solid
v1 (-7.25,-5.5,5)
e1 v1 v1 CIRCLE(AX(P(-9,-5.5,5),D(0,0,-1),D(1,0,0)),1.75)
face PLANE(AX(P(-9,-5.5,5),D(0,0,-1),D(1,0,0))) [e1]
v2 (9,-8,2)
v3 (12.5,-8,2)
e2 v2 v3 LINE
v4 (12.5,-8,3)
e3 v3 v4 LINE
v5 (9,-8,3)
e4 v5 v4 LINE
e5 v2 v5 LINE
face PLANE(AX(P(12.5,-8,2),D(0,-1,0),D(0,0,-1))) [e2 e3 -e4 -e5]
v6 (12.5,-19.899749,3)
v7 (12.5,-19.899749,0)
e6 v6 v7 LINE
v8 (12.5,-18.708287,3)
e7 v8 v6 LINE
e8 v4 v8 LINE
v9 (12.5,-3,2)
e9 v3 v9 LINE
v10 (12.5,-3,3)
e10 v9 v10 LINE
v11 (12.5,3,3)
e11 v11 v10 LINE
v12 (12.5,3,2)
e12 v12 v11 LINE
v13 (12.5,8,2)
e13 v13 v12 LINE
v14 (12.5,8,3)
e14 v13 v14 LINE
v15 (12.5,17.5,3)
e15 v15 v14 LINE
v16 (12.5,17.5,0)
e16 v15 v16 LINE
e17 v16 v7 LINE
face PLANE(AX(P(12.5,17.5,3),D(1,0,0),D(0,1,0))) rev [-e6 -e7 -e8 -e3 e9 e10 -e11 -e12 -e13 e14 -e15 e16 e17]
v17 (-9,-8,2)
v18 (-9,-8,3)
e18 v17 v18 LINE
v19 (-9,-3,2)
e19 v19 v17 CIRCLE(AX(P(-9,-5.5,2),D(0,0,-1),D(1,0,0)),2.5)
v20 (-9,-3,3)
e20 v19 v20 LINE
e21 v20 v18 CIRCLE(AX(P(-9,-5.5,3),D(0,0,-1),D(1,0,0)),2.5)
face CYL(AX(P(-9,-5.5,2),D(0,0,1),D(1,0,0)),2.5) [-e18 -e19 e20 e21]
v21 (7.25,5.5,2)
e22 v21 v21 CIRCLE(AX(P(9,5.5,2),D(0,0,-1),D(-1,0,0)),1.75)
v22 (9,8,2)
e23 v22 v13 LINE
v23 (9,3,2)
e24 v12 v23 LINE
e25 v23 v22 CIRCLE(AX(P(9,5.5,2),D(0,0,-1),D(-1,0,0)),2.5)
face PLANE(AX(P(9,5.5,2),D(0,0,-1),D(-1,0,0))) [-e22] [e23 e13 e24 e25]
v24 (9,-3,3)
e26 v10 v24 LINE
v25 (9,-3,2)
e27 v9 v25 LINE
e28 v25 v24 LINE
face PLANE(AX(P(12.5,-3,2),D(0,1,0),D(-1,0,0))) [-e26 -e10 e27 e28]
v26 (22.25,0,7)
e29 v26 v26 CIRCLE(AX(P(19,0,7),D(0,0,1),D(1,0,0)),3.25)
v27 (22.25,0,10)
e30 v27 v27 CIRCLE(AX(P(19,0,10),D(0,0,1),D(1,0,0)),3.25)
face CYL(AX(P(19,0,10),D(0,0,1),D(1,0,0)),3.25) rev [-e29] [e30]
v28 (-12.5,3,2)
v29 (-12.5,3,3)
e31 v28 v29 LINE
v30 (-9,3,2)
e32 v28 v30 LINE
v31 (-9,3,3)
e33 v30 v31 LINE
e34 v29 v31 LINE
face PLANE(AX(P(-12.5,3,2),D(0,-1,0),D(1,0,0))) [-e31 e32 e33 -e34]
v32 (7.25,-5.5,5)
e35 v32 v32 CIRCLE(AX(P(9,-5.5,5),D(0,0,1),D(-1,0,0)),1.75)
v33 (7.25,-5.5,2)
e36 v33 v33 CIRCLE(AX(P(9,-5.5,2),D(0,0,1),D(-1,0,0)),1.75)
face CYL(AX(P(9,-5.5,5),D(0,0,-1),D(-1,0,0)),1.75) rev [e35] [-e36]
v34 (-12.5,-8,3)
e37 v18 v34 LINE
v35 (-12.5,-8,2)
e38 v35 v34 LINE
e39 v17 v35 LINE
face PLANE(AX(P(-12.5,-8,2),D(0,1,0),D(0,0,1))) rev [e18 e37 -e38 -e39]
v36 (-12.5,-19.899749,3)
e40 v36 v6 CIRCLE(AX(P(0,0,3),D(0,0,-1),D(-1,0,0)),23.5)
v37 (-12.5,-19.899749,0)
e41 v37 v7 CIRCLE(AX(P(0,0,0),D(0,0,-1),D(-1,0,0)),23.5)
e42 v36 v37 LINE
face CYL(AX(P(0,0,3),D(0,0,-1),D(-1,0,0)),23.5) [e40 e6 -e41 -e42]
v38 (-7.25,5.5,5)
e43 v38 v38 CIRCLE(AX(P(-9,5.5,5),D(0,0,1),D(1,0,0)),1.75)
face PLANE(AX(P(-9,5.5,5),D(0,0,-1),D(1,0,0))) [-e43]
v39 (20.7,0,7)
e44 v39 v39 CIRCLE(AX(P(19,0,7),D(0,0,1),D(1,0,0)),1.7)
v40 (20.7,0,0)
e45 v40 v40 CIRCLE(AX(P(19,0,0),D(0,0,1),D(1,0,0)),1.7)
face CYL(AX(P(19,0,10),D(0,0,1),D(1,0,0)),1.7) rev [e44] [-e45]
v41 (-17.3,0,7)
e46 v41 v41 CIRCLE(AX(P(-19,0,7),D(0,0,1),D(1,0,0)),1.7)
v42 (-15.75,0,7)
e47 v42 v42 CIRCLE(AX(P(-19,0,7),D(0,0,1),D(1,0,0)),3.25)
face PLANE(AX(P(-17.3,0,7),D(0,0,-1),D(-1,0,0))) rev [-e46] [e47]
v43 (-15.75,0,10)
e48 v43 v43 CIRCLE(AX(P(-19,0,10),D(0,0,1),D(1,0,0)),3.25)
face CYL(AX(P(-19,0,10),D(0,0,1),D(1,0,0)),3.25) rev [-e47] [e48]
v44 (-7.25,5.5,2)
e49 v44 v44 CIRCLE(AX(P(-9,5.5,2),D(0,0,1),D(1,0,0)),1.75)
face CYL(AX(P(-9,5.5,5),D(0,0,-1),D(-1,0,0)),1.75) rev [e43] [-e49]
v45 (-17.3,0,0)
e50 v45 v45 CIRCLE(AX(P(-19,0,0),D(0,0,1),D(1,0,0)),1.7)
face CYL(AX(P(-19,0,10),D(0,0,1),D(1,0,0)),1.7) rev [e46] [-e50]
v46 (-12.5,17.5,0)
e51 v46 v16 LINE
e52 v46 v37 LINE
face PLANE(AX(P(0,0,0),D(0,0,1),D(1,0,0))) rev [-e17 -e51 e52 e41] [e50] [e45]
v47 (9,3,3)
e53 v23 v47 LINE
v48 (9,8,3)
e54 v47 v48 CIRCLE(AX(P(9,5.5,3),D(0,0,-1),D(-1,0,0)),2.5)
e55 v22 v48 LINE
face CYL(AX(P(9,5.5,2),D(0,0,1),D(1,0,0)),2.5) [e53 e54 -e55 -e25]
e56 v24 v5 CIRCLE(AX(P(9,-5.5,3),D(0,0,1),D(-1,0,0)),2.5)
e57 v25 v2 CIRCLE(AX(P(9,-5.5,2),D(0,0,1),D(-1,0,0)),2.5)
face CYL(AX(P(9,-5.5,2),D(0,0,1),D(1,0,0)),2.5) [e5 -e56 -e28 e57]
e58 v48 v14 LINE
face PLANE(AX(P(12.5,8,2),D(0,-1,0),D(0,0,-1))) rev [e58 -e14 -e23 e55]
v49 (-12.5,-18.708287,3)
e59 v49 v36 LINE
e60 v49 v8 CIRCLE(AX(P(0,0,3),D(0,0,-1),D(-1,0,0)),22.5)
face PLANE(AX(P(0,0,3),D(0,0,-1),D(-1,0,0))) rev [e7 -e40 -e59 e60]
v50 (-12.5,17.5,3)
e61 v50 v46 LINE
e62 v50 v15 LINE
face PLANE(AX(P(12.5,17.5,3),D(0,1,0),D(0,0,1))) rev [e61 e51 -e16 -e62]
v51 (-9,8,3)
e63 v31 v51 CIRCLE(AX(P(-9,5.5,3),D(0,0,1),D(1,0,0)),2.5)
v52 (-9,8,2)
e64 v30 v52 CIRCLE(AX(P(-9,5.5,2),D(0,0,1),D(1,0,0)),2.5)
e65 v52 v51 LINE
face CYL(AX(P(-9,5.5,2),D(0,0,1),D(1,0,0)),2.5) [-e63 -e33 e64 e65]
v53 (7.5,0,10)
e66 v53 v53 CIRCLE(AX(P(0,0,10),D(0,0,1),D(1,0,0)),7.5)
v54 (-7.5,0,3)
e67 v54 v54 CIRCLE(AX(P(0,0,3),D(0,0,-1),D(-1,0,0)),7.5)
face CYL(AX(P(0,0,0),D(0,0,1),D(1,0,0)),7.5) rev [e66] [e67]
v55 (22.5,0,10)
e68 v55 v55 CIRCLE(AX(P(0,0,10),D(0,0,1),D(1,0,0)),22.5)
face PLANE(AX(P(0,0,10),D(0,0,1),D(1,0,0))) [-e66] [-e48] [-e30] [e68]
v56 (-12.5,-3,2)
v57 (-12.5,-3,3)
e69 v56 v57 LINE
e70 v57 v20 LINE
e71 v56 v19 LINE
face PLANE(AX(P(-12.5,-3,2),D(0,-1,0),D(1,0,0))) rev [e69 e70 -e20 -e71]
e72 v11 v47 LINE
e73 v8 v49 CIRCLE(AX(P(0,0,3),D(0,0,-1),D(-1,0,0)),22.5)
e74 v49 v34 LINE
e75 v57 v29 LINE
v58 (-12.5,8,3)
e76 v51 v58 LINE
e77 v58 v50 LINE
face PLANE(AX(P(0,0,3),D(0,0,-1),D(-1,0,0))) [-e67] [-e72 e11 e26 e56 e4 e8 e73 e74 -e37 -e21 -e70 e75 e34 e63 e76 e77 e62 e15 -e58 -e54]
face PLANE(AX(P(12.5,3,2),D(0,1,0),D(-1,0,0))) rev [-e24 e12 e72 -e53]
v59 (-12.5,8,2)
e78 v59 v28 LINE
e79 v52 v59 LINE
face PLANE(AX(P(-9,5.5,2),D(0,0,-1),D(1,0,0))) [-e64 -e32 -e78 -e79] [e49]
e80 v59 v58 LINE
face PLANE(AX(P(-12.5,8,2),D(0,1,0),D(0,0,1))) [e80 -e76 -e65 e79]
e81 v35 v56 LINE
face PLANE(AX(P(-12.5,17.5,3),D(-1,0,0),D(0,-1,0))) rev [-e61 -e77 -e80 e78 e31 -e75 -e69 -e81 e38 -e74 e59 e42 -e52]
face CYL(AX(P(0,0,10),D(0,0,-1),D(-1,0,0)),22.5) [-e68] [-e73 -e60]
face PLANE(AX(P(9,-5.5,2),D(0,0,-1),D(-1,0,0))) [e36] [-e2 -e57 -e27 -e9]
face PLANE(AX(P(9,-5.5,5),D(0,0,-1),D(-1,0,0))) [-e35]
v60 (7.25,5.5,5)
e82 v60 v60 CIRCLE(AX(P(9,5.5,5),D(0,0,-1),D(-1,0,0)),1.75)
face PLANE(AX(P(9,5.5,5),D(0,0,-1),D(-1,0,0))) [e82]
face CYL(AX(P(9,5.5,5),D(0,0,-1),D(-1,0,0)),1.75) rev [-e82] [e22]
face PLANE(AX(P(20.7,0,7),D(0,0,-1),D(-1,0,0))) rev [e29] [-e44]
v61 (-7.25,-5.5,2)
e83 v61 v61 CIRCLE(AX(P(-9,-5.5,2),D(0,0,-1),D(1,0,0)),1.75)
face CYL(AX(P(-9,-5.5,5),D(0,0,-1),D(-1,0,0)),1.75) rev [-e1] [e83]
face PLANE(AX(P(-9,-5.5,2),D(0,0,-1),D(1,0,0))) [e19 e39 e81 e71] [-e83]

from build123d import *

# Parameters (mm, degrees)
SKETCH_5_R                   = 22.5
EXTRUDE_2_DEPTH              = 10
HOLE_WIZARD_M3_1_D           = 3.4
HOLE_WIZARD_M3_1_CBORE_D     = 6.5
HOLE_WIZARD_M3_1_CBORE_DEPTH = 3
SKETCH_12_W                  = 25
SKETCH_12_H                  = 40
CUT_EXTRUDE_1_DEPTH          = 3
EXTRUDE_3_DEPTH              = 1
SKETCH_14_R                  = 1.75
CUT_EXTRUDE_2_DEPTH          = 3
MIRROR_2_COPY_1_DEPTH        = 1
MIRROR_2_COPY_2_SKETCH_R     = 1.75
MIRROR_2_COPY_2_DEPTH        = 3
SKETCH_16_R                  = 7.5
CUT_EXTRUDE_3_DEPTH          = 11
EXTRUDE_4_DEPTH              = 3


with BuildPart() as part:
    # ｽｹｯﾁ5 → ﾎﾞｽ - 押し出し2 (new body)
    with BuildSketch(Plane.XY):
        Circle(SKETCH_5_R)
    extrude(amount=EXTRUDE_2_DEPTH)

    # M3 穴付きねじ用座ぐり穴1 (through all)
    with Locations(Plane.XY.offset(10)):
        with Locations((19, 0), (-19, 0)):
            CounterBoreHole(HOLE_WIZARD_M3_1_D / 2, HOLE_WIZARD_M3_1_CBORE_D / 2, HOLE_WIZARD_M3_1_CBORE_DEPTH)

    # ｽｹｯﾁ12 → ｶｯﾄ - 押し出し1 (cut)
    with BuildSketch(Plane(origin=(0, 0, 0), x_dir=(-1, 0, 0), z_dir=(0, 0, -1))):
        with Locations((0, -2.5)):
            Rectangle(SKETCH_12_W, SKETCH_12_H)
    extrude(amount=-CUT_EXTRUDE_1_DEPTH, mode=Mode.SUBTRACT)

    # ｽｹｯﾁ13 → ﾎﾞｽ - 押し出し3 (add)
    with BuildSketch(Plane(origin=(0, 0, 3), x_dir=(-1, 0, 0), z_dir=(0, 0, -1))):
        with BuildLine():
            Line((-12.5, 3), (-9, 3))
            ThreePointArc((-9, 3), (-6.5, 5.5), (-9, 8))
            Line((-9, 8), (-12.5, 8))
            Line((-12.5, 8), (-12.5, 3))
        make_face()
    extrude_3 = extrude(amount=EXTRUDE_3_DEPTH)

    # ｽｹｯﾁ14 → ｶｯﾄ - 押し出し2 (cut)
    with BuildSketch(Plane(origin=(0, 0, 2), x_dir=(-1, 0, 0), z_dir=(0, 0, -1))):
        with Locations((-9, 5.5)):
            Circle(SKETCH_14_R)
    cut_extrude_2 = extrude(amount=-CUT_EXTRUDE_2_DEPTH, mode=Mode.SUBTRACT)

    # ﾐﾗｰ1: ﾎﾞｽ - 押し出し3, ｶｯﾄ - 押し出し2 across plane
    add(extrude_3.mirror(Plane(origin=(0, 0, 0), x_dir=(0, 0, 1), z_dir=(1, 0, 0))))
    add(cut_extrude_2.mirror(Plane(origin=(0, 0, 0), x_dir=(0, 0, 1), z_dir=(1, 0, 0))), mode=Mode.SUBTRACT)

    # ﾐﾗｰ2: ﾎﾞｽ - 押し出し3, ｶｯﾄ - 押し出し2 across plane
    add(extrude_3.mirror(Plane.ZX))
    add(cut_extrude_2.mirror(Plane.ZX), mode=Mode.SUBTRACT)

    # ﾐﾗｰ2 copy 1 sketch → ﾐﾗｰ2 copy 1 (add)
    with BuildSketch(Plane(origin=(0, 0, 3), x_dir=(1, 0, 0), z_dir=(0, 0, -1))):
        with BuildLine():
            Line((-12.5, 3), (-9, 3))
            ThreePointArc((-9, 3), (-6.5, 5.5), (-9, 8))
            Line((-9, 8), (-12.5, 8))
            Line((-12.5, 8), (-12.5, 3))
        make_face()
    extrude(amount=MIRROR_2_COPY_1_DEPTH)

    # ﾐﾗｰ2 copy 2 sketch → ﾐﾗｰ2 copy 2 (cut)
    with BuildSketch(Plane(origin=(0, 0, 2), x_dir=(1, 0, 0), z_dir=(0, 0, -1))):
        with Locations((-9, 5.5)):
            Circle(MIRROR_2_COPY_2_SKETCH_R)
    extrude(amount=-MIRROR_2_COPY_2_DEPTH, mode=Mode.SUBTRACT)

    # ｽｹｯﾁ16 → ｶｯﾄ - 押し出し3 (cut, through all)
    with BuildSketch(Plane.XY.offset(10)):
        Circle(SKETCH_16_R)
    extrude(amount=-CUT_EXTRUDE_3_DEPTH, mode=Mode.SUBTRACT)

    # ｽｹｯﾁ17 → ﾎﾞｽ - 押し出し4 (add)
    with BuildSketch(Plane(origin=(0, 0, 0), x_dir=(-1, 0, 0), z_dir=(0, 0, -1))):
        with BuildLine():
            ThreePointArc((22.5, 0), (19.843134833, -10.606601718), (12.5, -18.708286934))
            Line((12.5, -18.708286934), (12.5, -19.899748742))
            ThreePointArc((12.5, -19.899748742), (20.566963801, -11.368817001), (23.5, 0))
            ThreePointArc((23.5, 0), (-11.368817001, 20.566963801), (-12.5, -19.899748742))
            Line((-12.5, -19.899748742), (-12.5, -18.708286934))
            ThreePointArc((-12.5, -18.708286934), (-10.606601718, 19.843134833), (22.5, 0))
        make_face()
    extrude(amount=-EXTRUDE_4_DEPTH)


solid = part.part
